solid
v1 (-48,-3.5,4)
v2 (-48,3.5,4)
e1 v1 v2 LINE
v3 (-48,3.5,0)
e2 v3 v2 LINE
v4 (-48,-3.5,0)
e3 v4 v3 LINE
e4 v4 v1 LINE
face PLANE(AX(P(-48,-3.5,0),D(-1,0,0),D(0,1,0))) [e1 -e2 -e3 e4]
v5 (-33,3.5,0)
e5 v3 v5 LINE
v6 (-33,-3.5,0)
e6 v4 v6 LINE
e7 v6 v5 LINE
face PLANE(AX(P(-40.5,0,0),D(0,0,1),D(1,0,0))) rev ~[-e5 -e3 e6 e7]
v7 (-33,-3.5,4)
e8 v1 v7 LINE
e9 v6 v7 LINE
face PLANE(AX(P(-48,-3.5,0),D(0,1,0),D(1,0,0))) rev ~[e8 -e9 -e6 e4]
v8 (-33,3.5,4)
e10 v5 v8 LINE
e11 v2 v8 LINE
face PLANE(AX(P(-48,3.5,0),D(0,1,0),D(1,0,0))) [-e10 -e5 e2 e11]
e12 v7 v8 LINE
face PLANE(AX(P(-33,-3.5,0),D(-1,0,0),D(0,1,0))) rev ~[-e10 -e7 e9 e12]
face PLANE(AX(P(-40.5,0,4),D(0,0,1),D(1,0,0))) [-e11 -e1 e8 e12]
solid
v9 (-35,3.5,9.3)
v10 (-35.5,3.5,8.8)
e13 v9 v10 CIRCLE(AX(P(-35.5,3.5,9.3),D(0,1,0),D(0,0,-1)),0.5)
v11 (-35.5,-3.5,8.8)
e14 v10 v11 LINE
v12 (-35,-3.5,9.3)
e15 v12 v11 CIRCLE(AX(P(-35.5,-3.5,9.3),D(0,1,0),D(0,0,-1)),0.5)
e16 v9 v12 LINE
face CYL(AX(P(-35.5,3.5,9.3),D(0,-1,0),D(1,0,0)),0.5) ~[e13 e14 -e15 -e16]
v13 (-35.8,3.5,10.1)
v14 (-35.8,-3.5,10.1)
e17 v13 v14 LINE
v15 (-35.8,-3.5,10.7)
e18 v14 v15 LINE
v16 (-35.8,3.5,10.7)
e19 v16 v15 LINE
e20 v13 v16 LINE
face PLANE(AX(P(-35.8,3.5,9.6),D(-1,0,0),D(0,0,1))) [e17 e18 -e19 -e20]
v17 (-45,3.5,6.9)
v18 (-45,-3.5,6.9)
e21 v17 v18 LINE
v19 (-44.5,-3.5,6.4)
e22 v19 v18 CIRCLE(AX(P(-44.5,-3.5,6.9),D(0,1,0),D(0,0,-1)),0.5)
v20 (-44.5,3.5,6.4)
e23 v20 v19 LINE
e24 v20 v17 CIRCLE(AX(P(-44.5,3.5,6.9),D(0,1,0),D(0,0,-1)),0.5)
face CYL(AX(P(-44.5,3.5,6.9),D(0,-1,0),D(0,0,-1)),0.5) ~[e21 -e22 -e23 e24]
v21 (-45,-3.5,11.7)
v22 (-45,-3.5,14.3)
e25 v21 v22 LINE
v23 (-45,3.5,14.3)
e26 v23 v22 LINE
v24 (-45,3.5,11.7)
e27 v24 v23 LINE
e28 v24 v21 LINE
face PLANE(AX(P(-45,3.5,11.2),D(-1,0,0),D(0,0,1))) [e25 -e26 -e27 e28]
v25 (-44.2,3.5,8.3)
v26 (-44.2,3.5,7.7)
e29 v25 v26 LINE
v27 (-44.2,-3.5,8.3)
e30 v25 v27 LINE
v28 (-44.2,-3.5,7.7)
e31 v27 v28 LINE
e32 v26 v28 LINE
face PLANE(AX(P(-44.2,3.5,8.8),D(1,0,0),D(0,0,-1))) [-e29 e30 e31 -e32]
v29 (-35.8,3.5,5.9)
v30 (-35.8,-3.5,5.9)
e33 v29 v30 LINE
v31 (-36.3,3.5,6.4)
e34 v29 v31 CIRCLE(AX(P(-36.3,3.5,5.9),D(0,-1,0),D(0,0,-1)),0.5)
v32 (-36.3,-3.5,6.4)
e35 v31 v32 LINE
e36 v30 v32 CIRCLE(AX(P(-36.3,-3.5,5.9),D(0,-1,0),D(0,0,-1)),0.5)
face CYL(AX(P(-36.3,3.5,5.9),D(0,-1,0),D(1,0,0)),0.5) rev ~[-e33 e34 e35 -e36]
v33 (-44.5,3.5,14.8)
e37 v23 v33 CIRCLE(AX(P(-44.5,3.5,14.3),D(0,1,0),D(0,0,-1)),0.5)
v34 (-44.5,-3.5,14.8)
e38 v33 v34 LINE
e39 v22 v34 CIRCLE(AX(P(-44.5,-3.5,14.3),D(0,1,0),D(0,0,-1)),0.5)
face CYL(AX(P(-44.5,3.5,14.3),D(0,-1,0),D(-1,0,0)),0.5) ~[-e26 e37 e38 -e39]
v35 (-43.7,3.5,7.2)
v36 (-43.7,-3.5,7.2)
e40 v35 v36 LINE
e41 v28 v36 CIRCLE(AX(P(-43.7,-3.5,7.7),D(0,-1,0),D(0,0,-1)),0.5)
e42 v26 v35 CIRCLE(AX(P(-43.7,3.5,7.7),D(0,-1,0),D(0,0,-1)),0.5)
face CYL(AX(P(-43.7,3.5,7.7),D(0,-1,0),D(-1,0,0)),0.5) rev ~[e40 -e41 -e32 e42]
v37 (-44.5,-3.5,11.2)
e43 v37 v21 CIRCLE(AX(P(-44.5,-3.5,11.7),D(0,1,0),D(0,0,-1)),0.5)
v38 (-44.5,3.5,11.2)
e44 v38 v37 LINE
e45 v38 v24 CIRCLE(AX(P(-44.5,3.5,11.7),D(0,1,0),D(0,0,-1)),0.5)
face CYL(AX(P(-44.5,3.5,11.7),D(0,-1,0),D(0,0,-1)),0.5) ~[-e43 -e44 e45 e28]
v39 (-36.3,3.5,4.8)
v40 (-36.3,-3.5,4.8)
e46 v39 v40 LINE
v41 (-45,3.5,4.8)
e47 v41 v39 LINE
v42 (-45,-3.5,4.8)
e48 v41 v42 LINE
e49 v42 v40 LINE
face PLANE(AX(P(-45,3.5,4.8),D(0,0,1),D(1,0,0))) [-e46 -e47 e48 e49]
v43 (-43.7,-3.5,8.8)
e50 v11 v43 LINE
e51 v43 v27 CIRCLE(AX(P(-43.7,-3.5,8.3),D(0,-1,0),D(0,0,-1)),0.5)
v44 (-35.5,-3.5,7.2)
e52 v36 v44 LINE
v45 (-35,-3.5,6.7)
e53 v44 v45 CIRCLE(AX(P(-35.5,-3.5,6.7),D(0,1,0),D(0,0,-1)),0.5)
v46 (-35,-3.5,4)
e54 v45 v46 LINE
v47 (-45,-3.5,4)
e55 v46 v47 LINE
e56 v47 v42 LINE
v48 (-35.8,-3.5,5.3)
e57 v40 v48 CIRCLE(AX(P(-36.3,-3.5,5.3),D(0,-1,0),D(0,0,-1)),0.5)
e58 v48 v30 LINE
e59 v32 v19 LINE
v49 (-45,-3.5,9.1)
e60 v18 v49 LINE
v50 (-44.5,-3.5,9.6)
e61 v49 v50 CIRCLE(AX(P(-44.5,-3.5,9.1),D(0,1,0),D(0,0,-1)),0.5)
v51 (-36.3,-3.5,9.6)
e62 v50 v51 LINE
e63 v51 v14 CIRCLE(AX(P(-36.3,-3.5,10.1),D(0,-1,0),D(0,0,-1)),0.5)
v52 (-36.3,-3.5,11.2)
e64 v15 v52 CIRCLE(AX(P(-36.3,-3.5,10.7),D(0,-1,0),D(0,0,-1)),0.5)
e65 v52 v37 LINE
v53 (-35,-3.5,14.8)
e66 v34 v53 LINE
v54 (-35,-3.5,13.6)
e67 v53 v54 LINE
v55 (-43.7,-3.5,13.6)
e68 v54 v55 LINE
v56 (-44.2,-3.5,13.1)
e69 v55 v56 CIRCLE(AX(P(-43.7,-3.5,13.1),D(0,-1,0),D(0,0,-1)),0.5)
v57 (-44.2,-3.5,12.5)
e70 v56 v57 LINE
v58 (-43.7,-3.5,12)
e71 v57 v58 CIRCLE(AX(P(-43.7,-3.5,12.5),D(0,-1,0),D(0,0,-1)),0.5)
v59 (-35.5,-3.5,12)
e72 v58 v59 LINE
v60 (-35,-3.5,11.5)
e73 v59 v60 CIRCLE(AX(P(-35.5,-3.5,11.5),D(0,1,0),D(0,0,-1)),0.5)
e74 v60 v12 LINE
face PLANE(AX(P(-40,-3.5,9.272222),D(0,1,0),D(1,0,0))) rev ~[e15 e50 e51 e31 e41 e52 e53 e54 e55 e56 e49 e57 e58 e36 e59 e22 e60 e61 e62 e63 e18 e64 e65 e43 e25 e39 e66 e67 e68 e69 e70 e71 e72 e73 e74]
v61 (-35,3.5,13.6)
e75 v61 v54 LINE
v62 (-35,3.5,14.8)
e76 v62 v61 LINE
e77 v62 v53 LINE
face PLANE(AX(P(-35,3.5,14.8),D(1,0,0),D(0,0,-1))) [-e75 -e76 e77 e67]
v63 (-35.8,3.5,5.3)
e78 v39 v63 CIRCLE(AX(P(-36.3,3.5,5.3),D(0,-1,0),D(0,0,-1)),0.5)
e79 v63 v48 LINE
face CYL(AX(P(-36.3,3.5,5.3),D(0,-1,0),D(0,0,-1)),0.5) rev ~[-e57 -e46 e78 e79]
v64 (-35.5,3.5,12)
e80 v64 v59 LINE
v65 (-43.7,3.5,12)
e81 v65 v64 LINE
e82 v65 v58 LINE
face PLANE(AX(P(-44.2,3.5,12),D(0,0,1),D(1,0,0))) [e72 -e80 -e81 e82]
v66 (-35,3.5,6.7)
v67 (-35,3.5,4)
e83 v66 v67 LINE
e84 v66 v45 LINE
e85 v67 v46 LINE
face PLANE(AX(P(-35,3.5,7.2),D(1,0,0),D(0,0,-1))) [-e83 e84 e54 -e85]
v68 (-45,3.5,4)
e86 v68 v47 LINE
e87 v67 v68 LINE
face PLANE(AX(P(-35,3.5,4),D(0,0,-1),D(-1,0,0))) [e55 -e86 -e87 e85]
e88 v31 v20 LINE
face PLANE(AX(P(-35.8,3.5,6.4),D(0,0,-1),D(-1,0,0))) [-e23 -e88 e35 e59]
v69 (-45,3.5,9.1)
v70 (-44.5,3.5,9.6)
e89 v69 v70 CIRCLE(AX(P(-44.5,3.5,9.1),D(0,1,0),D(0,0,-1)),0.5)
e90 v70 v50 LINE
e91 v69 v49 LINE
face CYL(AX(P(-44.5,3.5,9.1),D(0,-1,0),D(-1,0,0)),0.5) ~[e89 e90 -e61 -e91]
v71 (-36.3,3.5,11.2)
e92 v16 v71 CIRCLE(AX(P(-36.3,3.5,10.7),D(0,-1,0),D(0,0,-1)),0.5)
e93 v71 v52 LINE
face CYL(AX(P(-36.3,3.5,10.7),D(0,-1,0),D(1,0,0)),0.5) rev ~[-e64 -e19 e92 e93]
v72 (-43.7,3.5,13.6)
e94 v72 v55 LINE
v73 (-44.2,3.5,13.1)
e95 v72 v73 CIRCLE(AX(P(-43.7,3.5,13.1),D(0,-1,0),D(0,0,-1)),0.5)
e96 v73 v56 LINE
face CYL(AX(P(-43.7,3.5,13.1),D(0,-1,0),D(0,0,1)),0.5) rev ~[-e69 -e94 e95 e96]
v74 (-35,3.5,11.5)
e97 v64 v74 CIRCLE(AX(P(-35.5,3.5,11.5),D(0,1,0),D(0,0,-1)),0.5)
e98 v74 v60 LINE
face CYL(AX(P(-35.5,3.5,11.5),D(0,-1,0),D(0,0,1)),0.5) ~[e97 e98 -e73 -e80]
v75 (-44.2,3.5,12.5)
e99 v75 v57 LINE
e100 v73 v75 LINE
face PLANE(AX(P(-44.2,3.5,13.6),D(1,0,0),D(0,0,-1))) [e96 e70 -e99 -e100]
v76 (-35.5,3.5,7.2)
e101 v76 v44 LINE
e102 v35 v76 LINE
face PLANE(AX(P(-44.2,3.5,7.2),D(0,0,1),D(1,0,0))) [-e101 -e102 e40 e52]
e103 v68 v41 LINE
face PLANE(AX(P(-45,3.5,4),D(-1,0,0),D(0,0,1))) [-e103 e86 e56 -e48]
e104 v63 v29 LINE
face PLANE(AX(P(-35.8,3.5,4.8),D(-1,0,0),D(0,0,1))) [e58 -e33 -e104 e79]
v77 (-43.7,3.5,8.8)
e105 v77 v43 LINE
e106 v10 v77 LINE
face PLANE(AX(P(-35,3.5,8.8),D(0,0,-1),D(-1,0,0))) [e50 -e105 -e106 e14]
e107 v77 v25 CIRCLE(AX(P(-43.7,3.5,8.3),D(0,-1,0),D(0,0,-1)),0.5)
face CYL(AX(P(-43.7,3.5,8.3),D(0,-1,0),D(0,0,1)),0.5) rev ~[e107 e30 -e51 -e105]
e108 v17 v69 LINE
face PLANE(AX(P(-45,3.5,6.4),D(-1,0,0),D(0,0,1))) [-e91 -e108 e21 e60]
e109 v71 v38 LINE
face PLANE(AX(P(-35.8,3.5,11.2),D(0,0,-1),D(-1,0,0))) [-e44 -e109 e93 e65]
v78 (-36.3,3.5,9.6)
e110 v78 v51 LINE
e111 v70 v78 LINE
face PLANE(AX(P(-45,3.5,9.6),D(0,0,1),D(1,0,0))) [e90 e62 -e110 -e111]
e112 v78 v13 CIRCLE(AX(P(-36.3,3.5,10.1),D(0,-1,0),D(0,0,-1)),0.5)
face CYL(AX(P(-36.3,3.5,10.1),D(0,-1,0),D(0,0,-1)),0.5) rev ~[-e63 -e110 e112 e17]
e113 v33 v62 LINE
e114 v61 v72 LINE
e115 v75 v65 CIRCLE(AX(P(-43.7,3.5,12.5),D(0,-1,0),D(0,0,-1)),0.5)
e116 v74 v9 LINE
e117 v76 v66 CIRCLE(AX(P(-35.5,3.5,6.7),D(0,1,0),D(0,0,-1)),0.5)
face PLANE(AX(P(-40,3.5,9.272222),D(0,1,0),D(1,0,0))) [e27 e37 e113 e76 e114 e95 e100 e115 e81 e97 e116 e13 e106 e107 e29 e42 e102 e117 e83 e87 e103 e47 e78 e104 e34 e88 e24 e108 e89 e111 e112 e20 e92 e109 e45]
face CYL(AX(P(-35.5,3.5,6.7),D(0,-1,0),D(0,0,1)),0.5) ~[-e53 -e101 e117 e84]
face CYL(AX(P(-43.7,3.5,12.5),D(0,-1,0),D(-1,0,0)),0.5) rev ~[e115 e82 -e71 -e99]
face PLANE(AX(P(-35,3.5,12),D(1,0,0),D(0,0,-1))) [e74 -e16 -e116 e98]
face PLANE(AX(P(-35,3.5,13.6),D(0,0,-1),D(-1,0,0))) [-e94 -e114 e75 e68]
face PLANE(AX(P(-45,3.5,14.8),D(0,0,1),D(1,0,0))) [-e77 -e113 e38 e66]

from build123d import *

# Parameters (mm, degrees)
SKETCH_1_W      = 15
SKETCH_1_H      = 7
EXTRUDE_1_DEPTH = 4
EXTRUDE_2_DEPTH = 7
FILLET_1_R      = 0.5


with BuildPart() as part:
    # 스케치1 → 보스-돌출1 (new body)
    with BuildSketch(Plane.XY):
        with Locations((-40.5, 0)):
            Rectangle(SKETCH_1_W, SKETCH_1_H)
    extrude(amount=EXTRUDE_1_DEPTH)


with BuildPart() as body_2:
    # 스케치2 → 보스-돌출2 (new body)
    with BuildSketch(Plane(origin=(0, 3.5, 0), x_dir=(1, 0, 0), z_dir=(0, 1, 0))):
        Polygon((-35, -4), (-45, -4), (-45, -4.8), (-35.8, -4.8), (-35.8, -6.4), (-45, -6.4), (-45, -9.6), (-35.8, -9.6), (-35.8, -11.2), (-45, -11.2), (-45, -12), (-45, -14.8), (-35, -14.8), (-35, -13.6), (-44.2, -13.6), (-44.2, -12), (-35, -12), (-35, -9.6), (-35, -8.8), (-44.2, -8.8), (-44.2, -7.2), (-35, -7.2), align=None)
    extrude(amount=-EXTRUDE_2_DEPTH)

    # 필렛1
    fillet_1_edges = [body_2.edges().sort_by_distance(p)[0] for p in [
        (-35, 0, 7.2),
        (-44.2, 0, 7.2),
        (-44.2, 0, 8.8),
        (-35, 0, 8.8),
        (-35, 0, 12),
        (-44.2, 0, 12),
        (-44.2, 0, 13.6),
        (-45, 0, 14.8),
        (-45, 0, 11.2),
        (-35.8, 0, 11.2),
        (-35.8, 0, 9.6),
        (-45, 0, 9.6),
        (-45, 0, 6.4),
        (-35.8, 0, 6.4),
        (-35.8, 0, 4.8),
    ]]
    fillet(fillet_1_edges, radius=FILLET_1_R)


solid = Compound([part.part, body_2.part])
